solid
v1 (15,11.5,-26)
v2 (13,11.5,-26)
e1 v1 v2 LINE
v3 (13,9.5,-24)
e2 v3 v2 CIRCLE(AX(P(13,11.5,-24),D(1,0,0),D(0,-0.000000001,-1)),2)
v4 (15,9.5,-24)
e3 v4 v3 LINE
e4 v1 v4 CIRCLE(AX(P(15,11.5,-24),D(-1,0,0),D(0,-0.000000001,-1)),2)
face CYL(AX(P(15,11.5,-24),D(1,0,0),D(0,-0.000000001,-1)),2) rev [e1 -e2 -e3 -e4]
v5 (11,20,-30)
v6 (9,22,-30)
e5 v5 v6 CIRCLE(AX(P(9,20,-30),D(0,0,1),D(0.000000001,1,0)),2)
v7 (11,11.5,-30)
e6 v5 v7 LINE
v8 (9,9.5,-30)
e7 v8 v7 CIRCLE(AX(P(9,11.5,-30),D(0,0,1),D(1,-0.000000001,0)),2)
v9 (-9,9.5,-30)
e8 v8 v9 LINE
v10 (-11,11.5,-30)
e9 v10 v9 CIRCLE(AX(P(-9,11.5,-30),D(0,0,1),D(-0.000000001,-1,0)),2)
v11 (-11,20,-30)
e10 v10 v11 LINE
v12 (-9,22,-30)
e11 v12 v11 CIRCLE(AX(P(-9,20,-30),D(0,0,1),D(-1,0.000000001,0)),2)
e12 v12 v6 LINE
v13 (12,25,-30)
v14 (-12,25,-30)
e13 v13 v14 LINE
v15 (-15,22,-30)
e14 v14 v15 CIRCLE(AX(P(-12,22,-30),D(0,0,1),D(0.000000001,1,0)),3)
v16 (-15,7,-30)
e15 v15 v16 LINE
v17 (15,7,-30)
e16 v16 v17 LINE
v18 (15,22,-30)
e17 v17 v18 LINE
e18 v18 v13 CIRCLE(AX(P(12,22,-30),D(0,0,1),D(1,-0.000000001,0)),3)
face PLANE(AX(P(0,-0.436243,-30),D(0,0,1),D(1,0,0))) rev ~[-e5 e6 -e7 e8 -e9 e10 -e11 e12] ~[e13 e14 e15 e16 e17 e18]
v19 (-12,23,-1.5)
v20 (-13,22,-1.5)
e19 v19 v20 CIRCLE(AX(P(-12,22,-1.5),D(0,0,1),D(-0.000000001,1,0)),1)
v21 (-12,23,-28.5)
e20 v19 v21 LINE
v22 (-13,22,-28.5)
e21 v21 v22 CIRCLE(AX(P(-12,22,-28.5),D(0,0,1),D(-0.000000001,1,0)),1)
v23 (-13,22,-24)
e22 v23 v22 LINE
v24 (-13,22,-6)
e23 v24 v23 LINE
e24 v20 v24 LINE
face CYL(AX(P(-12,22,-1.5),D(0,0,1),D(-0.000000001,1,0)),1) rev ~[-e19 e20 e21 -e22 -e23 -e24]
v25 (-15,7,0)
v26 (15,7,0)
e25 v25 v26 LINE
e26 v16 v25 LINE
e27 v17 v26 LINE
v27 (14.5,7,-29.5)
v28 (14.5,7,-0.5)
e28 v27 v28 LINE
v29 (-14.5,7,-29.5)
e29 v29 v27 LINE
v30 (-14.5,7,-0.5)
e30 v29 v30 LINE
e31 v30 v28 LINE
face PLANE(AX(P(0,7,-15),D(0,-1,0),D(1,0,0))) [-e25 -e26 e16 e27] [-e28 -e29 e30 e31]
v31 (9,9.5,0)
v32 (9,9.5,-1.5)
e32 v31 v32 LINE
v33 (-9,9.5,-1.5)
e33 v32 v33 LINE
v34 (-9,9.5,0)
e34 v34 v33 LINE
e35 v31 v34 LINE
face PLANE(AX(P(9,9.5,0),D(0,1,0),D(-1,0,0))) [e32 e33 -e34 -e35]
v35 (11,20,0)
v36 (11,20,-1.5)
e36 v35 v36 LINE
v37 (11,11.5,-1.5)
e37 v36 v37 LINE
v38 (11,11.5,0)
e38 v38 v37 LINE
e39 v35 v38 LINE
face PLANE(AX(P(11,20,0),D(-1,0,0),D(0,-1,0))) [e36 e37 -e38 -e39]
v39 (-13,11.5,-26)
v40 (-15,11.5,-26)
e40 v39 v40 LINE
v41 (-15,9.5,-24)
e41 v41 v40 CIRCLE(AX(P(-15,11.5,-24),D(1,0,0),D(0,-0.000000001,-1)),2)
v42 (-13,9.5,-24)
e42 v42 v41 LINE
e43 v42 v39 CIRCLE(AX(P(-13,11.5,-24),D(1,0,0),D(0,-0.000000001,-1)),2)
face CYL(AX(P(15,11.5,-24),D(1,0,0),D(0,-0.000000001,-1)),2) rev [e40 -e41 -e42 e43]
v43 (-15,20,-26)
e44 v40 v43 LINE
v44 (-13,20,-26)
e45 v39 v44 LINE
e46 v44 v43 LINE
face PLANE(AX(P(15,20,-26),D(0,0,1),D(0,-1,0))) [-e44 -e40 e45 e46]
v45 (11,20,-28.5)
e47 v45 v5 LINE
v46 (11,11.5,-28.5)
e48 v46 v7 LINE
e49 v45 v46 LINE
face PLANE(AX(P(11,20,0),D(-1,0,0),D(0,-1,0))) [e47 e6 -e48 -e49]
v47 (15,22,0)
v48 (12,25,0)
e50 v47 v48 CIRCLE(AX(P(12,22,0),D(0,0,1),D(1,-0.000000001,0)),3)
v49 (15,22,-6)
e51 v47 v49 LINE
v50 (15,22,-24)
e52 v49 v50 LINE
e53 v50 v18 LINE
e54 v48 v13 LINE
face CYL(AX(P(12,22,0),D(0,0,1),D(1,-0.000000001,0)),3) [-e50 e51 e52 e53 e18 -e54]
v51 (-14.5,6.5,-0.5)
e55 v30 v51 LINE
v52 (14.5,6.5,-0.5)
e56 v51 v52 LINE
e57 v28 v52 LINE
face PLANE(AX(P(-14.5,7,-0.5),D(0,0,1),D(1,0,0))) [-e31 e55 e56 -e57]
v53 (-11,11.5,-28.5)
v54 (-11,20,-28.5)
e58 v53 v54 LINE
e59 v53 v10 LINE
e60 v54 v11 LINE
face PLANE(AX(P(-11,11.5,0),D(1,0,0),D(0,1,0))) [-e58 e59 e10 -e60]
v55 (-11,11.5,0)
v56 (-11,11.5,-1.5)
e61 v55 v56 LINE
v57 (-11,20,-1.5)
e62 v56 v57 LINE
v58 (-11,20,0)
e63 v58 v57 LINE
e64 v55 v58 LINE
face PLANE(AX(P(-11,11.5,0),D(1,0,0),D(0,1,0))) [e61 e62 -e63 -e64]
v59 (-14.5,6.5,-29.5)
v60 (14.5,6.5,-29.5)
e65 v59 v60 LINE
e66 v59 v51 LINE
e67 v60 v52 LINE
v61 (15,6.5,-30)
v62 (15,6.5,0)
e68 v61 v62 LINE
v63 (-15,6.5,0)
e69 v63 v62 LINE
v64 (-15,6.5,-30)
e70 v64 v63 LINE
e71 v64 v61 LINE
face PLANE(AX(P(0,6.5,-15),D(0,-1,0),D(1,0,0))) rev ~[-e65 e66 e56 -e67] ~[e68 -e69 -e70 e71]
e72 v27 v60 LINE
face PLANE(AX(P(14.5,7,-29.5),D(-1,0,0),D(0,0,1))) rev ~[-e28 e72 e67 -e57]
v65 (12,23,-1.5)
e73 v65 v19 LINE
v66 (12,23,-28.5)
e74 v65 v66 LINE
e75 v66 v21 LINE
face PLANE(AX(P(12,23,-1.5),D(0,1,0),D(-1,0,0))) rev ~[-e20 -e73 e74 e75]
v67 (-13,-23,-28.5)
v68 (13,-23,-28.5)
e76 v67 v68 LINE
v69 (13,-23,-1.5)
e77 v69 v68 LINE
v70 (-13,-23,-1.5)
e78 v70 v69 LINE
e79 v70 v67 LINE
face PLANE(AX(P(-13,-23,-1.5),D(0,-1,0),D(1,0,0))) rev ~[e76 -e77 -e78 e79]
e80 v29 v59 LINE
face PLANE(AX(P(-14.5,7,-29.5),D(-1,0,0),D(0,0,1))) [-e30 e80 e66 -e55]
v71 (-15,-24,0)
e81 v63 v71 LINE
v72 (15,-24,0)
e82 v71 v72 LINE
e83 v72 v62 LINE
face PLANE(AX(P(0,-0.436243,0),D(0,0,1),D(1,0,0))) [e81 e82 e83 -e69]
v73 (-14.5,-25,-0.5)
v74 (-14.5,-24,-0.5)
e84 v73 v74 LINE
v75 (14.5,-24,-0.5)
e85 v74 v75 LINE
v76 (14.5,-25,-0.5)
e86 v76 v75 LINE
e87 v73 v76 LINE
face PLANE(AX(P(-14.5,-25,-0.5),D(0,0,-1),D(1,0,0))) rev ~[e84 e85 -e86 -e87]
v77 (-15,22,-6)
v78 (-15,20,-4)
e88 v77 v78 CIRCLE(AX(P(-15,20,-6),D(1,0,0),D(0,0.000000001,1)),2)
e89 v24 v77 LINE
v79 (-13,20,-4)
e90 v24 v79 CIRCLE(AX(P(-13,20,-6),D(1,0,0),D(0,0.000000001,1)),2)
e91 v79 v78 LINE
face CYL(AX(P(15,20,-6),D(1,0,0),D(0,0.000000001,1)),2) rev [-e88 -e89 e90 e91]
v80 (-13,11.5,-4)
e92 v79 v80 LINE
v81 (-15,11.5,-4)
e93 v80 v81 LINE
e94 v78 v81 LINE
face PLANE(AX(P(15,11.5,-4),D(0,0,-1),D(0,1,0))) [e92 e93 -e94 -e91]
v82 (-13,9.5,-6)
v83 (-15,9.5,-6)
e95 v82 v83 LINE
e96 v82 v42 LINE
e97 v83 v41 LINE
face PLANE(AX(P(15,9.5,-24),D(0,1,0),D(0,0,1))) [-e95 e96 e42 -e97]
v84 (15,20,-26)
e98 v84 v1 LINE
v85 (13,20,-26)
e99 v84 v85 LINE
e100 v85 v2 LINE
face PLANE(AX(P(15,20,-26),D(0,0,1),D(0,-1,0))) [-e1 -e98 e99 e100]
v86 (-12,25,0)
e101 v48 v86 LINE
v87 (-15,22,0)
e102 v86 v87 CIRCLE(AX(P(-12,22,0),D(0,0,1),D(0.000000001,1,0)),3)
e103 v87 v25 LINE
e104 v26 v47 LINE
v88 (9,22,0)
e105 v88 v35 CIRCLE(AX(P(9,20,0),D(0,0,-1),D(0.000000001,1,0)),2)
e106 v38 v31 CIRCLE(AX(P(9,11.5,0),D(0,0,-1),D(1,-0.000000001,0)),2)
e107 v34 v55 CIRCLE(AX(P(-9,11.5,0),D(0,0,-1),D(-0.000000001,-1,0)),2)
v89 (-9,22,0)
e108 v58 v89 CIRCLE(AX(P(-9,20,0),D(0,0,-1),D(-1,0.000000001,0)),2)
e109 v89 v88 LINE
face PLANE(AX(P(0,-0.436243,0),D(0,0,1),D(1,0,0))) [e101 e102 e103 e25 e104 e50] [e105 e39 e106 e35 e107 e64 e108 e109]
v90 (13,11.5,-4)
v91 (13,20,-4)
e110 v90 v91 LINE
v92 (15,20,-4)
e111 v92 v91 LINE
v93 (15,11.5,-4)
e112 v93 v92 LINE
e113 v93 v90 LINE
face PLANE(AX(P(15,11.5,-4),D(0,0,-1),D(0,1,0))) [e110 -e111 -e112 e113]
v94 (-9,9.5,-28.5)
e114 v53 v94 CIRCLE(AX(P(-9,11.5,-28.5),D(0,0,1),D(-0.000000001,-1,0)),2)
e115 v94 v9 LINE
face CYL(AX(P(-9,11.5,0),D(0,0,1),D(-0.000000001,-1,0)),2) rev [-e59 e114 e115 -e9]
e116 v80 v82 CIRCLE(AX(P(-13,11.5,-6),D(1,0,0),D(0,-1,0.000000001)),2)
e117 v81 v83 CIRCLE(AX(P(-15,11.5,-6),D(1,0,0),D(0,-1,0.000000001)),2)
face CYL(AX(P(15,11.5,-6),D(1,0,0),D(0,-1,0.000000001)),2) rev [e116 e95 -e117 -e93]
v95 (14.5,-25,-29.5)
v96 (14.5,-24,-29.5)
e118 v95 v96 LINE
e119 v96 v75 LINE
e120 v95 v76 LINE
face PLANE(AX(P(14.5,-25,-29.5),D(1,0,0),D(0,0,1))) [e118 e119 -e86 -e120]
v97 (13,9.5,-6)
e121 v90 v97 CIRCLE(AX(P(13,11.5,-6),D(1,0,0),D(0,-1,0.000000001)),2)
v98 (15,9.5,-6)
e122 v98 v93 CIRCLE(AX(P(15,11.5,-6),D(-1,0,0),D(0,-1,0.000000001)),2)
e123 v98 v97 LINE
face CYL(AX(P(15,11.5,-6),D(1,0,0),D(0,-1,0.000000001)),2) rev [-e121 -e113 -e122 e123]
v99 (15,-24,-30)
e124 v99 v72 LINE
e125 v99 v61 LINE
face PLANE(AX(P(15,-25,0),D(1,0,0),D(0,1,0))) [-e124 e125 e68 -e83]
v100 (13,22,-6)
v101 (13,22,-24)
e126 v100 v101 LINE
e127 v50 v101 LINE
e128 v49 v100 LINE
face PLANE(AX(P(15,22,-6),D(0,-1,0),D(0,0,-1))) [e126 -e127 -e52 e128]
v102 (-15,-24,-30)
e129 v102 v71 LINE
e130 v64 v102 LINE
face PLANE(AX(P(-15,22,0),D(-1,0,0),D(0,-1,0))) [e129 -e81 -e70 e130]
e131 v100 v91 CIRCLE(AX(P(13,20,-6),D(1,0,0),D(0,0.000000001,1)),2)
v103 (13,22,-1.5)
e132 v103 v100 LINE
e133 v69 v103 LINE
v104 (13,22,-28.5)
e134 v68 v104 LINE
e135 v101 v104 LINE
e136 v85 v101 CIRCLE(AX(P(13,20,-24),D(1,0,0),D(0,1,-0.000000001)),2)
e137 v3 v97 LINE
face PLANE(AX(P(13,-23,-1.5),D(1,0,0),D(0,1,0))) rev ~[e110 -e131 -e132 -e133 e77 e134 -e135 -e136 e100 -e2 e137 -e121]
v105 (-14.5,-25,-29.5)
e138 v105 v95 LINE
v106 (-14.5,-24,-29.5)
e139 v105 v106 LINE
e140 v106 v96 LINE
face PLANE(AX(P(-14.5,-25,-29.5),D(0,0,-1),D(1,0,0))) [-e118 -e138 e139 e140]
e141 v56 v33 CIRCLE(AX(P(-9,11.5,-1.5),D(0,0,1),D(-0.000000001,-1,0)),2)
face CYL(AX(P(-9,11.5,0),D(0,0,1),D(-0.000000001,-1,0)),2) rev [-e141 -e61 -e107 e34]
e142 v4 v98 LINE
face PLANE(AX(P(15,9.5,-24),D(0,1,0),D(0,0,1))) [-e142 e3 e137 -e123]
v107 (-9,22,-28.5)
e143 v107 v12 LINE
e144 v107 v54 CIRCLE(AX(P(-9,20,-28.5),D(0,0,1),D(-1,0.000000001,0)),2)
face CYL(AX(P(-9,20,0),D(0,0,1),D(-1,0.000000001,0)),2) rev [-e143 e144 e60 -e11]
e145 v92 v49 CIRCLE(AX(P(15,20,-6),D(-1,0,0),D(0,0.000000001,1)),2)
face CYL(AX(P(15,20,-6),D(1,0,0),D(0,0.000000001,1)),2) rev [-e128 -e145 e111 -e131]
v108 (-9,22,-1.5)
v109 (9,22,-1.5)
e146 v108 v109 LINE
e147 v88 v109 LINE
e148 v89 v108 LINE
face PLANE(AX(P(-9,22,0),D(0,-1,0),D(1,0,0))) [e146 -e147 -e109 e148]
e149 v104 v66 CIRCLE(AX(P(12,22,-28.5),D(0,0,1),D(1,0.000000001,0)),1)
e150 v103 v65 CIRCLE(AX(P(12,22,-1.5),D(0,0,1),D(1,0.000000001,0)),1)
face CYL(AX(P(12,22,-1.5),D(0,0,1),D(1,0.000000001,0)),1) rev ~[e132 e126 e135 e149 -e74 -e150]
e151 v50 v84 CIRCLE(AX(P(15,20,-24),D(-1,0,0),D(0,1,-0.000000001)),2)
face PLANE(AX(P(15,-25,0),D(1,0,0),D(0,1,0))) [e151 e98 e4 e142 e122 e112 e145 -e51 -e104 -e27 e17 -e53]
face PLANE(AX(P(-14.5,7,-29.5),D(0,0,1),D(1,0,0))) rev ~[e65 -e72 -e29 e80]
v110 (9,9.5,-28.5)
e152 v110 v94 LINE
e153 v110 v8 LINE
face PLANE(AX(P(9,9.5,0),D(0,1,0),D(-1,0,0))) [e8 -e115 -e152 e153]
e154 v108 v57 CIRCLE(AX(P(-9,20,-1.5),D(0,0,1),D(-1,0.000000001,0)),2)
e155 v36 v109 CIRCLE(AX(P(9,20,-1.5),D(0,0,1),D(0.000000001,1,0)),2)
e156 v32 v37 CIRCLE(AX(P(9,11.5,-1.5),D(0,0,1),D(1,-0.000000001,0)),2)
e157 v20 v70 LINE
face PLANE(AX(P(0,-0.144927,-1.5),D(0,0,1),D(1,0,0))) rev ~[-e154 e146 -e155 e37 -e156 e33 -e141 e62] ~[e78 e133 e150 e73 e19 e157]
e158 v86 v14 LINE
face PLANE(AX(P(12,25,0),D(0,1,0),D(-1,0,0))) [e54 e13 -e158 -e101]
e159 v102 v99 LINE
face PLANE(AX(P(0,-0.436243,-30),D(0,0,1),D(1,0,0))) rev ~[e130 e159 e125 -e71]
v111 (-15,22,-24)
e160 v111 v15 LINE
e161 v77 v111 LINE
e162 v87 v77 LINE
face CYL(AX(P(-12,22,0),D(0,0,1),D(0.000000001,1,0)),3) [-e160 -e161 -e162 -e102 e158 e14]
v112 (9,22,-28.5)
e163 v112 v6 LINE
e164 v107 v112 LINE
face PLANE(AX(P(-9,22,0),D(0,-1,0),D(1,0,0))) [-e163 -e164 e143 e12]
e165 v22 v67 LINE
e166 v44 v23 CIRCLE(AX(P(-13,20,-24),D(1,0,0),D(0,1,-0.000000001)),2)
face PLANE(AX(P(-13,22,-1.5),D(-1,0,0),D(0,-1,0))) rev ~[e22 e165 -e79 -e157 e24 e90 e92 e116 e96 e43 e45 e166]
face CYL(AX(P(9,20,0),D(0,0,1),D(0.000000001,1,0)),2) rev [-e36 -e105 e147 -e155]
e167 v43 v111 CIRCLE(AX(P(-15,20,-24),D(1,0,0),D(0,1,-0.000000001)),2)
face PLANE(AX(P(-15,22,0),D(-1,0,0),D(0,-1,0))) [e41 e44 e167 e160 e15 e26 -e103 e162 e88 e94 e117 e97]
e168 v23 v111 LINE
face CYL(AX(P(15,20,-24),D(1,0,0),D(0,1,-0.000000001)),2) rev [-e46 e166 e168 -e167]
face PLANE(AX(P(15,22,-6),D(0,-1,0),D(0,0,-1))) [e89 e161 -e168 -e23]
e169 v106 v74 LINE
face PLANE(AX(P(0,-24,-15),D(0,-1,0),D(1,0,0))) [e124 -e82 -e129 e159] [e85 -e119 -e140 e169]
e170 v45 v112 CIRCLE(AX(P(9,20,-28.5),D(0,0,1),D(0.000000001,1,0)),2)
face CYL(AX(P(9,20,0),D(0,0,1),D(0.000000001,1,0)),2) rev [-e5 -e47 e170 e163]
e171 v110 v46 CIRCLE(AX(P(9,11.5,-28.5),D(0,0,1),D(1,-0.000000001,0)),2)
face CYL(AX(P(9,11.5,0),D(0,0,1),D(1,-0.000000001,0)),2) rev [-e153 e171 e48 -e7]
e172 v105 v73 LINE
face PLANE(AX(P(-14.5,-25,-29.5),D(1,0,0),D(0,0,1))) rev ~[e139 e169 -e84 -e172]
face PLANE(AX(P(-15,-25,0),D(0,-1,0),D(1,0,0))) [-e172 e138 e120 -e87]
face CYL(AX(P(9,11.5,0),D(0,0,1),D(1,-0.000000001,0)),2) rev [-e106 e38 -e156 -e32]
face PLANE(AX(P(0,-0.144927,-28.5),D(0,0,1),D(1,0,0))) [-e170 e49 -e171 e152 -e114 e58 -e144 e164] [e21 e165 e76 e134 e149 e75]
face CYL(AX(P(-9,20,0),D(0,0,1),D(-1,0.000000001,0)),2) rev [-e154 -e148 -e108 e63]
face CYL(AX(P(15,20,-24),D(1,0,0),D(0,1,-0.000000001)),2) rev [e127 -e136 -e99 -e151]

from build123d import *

# Parameters (mm, degrees)
BOSS_EXTRUDE1_DEPTH = 30
CUT_EXTRUDE1_START  = -1.5
CUT_EXTRUDE1_DEPTH  = 27
CUT_EXTRUDE2_DEPTH  = 42.833001327
CUT_EXTRUDE3_DEPTH  = 50.244289009
SKETCH8_W           = 30
SKETCH8_H           = 30
SKETCH8_W_2         = 29
SKETCH8_H_2         = 29
CUT_EXTRUDE5_DEPTH  = 1
CUT_EXTRUDE9_START  = -31
SKETCH9_W           = 30
SKETCH9_H           = 30
SKETCH9_W_2         = 29
SKETCH9_H_2         = 29
CUT_EXTRUDE9_DEPTH  = 0.5


with BuildPart() as part:
    # Sketch1 → Boss-Extrude1 (new body)
    with BuildSketch(Plane.XY):
        with BuildLine():
            Line((-15, -25), (15, -25))
            Line((15, -25), (15, 22))
            ThreePointArc((15, 22), (14.121320344, 24.121320344), (12, 25))
            Line((12, 25), (-12, 25))
            ThreePointArc((-12, 25), (-14.121320344, 24.121320344), (-15, 22))
            Line((-15, 22), (-15, -25))
        make_face()
    extrude(amount=-BOSS_EXTRUDE1_DEPTH)

    # Sketch2 → Cut-Extrude1 (cut)
    with BuildSketch(Plane.XY.offset(CUT_EXTRUDE1_START)):
        with BuildLine():
            Line((-13, 22), (-13, -23))
            Line((-13, -23), (13, -23))
            Line((13, -23), (13, 22))
            ThreePointArc((13, 22), (12.707106781, 22.707106781), (12, 23))
            Line((12, 23), (-12, 23))
            ThreePointArc((-12, 23), (-12.707106781, 22.707106781), (-13, 22))
        make_face()
    extrude(amount=-CUT_EXTRUDE1_DEPTH, mode=Mode.SUBTRACT)

    # Sketch4 → Cut-Extrude2 (cut, through all)
    with BuildSketch(Plane.XY):
        with BuildLine():
            ThreePointArc((-11, 11.5), (-10.414213562, 10.085786438), (-9, 9.5))
            Line((-9, 9.5), (9, 9.5))
            ThreePointArc((9, 9.5), (10.414213562, 10.085786438), (11, 11.5))
            Line((11, 11.5), (11, 20))
            ThreePointArc((11, 20), (10.414213562, 21.414213562), (9, 22))
            Line((9, 22), (-9, 22))
            ThreePointArc((-9, 22), (-10.414213562, 21.414213562), (-11, 20))
            Line((-11, 20), (-11, 11.5))
        make_face()
    extrude(amount=-CUT_EXTRUDE2_DEPTH, mode=Mode.SUBTRACT)

    # Sketch5 → Cut-Extrude3 (cut, through all)
    with BuildSketch(Plane(origin=(15, 0, 0), x_dir=(0, 0, -1), z_dir=(1, 0, 0))):
        with BuildLine():
            Line((6, 22), (24, 22))
            ThreePointArc((24, 22), (25.414213562, 21.414213562), (26, 20))
            Line((26, 20), (26, 11.5))
            ThreePointArc((26, 11.5), (25.414213562, 10.085786438), (24, 9.5))
            Line((24, 9.5), (6, 9.5))
            ThreePointArc((6, 9.5), (4.585786438, 10.085786438), (4, 11.5))
            Line((4, 11.5), (4, 20))
            ThreePointArc((4, 20), (4.585786438, 21.414213562), (6, 22))
        make_face()
    extrude(amount=-CUT_EXTRUDE3_DEPTH, mode=Mode.SUBTRACT)

    # Sketch8 → Cut-Extrude5 (cut)
    with BuildSketch(Plane.XZ.offset(25)):
        with Locations((0, -15)):
            Rectangle(SKETCH8_W, SKETCH8_H)
        with Locations((0, -15)):
            Rectangle(SKETCH8_W_2, SKETCH8_H_2, mode=Mode.SUBTRACT)
    extrude(amount=-CUT_EXTRUDE5_DEPTH, mode=Mode.SUBTRACT)

    # Sketch9 → Cut-Extrude9 (cut)
    with BuildSketch(Plane.XZ.offset(24).offset(CUT_EXTRUDE9_START)):
        with Locations((0, -15)):
            Rectangle(SKETCH9_W, SKETCH9_H)
        with Locations((0, -15)):
            Rectangle(SKETCH9_W_2, SKETCH9_H_2, mode=Mode.SUBTRACT)
    extrude(amount=CUT_EXTRUDE9_DEPTH, mode=Mode.SUBTRACT)


solid = part.part
